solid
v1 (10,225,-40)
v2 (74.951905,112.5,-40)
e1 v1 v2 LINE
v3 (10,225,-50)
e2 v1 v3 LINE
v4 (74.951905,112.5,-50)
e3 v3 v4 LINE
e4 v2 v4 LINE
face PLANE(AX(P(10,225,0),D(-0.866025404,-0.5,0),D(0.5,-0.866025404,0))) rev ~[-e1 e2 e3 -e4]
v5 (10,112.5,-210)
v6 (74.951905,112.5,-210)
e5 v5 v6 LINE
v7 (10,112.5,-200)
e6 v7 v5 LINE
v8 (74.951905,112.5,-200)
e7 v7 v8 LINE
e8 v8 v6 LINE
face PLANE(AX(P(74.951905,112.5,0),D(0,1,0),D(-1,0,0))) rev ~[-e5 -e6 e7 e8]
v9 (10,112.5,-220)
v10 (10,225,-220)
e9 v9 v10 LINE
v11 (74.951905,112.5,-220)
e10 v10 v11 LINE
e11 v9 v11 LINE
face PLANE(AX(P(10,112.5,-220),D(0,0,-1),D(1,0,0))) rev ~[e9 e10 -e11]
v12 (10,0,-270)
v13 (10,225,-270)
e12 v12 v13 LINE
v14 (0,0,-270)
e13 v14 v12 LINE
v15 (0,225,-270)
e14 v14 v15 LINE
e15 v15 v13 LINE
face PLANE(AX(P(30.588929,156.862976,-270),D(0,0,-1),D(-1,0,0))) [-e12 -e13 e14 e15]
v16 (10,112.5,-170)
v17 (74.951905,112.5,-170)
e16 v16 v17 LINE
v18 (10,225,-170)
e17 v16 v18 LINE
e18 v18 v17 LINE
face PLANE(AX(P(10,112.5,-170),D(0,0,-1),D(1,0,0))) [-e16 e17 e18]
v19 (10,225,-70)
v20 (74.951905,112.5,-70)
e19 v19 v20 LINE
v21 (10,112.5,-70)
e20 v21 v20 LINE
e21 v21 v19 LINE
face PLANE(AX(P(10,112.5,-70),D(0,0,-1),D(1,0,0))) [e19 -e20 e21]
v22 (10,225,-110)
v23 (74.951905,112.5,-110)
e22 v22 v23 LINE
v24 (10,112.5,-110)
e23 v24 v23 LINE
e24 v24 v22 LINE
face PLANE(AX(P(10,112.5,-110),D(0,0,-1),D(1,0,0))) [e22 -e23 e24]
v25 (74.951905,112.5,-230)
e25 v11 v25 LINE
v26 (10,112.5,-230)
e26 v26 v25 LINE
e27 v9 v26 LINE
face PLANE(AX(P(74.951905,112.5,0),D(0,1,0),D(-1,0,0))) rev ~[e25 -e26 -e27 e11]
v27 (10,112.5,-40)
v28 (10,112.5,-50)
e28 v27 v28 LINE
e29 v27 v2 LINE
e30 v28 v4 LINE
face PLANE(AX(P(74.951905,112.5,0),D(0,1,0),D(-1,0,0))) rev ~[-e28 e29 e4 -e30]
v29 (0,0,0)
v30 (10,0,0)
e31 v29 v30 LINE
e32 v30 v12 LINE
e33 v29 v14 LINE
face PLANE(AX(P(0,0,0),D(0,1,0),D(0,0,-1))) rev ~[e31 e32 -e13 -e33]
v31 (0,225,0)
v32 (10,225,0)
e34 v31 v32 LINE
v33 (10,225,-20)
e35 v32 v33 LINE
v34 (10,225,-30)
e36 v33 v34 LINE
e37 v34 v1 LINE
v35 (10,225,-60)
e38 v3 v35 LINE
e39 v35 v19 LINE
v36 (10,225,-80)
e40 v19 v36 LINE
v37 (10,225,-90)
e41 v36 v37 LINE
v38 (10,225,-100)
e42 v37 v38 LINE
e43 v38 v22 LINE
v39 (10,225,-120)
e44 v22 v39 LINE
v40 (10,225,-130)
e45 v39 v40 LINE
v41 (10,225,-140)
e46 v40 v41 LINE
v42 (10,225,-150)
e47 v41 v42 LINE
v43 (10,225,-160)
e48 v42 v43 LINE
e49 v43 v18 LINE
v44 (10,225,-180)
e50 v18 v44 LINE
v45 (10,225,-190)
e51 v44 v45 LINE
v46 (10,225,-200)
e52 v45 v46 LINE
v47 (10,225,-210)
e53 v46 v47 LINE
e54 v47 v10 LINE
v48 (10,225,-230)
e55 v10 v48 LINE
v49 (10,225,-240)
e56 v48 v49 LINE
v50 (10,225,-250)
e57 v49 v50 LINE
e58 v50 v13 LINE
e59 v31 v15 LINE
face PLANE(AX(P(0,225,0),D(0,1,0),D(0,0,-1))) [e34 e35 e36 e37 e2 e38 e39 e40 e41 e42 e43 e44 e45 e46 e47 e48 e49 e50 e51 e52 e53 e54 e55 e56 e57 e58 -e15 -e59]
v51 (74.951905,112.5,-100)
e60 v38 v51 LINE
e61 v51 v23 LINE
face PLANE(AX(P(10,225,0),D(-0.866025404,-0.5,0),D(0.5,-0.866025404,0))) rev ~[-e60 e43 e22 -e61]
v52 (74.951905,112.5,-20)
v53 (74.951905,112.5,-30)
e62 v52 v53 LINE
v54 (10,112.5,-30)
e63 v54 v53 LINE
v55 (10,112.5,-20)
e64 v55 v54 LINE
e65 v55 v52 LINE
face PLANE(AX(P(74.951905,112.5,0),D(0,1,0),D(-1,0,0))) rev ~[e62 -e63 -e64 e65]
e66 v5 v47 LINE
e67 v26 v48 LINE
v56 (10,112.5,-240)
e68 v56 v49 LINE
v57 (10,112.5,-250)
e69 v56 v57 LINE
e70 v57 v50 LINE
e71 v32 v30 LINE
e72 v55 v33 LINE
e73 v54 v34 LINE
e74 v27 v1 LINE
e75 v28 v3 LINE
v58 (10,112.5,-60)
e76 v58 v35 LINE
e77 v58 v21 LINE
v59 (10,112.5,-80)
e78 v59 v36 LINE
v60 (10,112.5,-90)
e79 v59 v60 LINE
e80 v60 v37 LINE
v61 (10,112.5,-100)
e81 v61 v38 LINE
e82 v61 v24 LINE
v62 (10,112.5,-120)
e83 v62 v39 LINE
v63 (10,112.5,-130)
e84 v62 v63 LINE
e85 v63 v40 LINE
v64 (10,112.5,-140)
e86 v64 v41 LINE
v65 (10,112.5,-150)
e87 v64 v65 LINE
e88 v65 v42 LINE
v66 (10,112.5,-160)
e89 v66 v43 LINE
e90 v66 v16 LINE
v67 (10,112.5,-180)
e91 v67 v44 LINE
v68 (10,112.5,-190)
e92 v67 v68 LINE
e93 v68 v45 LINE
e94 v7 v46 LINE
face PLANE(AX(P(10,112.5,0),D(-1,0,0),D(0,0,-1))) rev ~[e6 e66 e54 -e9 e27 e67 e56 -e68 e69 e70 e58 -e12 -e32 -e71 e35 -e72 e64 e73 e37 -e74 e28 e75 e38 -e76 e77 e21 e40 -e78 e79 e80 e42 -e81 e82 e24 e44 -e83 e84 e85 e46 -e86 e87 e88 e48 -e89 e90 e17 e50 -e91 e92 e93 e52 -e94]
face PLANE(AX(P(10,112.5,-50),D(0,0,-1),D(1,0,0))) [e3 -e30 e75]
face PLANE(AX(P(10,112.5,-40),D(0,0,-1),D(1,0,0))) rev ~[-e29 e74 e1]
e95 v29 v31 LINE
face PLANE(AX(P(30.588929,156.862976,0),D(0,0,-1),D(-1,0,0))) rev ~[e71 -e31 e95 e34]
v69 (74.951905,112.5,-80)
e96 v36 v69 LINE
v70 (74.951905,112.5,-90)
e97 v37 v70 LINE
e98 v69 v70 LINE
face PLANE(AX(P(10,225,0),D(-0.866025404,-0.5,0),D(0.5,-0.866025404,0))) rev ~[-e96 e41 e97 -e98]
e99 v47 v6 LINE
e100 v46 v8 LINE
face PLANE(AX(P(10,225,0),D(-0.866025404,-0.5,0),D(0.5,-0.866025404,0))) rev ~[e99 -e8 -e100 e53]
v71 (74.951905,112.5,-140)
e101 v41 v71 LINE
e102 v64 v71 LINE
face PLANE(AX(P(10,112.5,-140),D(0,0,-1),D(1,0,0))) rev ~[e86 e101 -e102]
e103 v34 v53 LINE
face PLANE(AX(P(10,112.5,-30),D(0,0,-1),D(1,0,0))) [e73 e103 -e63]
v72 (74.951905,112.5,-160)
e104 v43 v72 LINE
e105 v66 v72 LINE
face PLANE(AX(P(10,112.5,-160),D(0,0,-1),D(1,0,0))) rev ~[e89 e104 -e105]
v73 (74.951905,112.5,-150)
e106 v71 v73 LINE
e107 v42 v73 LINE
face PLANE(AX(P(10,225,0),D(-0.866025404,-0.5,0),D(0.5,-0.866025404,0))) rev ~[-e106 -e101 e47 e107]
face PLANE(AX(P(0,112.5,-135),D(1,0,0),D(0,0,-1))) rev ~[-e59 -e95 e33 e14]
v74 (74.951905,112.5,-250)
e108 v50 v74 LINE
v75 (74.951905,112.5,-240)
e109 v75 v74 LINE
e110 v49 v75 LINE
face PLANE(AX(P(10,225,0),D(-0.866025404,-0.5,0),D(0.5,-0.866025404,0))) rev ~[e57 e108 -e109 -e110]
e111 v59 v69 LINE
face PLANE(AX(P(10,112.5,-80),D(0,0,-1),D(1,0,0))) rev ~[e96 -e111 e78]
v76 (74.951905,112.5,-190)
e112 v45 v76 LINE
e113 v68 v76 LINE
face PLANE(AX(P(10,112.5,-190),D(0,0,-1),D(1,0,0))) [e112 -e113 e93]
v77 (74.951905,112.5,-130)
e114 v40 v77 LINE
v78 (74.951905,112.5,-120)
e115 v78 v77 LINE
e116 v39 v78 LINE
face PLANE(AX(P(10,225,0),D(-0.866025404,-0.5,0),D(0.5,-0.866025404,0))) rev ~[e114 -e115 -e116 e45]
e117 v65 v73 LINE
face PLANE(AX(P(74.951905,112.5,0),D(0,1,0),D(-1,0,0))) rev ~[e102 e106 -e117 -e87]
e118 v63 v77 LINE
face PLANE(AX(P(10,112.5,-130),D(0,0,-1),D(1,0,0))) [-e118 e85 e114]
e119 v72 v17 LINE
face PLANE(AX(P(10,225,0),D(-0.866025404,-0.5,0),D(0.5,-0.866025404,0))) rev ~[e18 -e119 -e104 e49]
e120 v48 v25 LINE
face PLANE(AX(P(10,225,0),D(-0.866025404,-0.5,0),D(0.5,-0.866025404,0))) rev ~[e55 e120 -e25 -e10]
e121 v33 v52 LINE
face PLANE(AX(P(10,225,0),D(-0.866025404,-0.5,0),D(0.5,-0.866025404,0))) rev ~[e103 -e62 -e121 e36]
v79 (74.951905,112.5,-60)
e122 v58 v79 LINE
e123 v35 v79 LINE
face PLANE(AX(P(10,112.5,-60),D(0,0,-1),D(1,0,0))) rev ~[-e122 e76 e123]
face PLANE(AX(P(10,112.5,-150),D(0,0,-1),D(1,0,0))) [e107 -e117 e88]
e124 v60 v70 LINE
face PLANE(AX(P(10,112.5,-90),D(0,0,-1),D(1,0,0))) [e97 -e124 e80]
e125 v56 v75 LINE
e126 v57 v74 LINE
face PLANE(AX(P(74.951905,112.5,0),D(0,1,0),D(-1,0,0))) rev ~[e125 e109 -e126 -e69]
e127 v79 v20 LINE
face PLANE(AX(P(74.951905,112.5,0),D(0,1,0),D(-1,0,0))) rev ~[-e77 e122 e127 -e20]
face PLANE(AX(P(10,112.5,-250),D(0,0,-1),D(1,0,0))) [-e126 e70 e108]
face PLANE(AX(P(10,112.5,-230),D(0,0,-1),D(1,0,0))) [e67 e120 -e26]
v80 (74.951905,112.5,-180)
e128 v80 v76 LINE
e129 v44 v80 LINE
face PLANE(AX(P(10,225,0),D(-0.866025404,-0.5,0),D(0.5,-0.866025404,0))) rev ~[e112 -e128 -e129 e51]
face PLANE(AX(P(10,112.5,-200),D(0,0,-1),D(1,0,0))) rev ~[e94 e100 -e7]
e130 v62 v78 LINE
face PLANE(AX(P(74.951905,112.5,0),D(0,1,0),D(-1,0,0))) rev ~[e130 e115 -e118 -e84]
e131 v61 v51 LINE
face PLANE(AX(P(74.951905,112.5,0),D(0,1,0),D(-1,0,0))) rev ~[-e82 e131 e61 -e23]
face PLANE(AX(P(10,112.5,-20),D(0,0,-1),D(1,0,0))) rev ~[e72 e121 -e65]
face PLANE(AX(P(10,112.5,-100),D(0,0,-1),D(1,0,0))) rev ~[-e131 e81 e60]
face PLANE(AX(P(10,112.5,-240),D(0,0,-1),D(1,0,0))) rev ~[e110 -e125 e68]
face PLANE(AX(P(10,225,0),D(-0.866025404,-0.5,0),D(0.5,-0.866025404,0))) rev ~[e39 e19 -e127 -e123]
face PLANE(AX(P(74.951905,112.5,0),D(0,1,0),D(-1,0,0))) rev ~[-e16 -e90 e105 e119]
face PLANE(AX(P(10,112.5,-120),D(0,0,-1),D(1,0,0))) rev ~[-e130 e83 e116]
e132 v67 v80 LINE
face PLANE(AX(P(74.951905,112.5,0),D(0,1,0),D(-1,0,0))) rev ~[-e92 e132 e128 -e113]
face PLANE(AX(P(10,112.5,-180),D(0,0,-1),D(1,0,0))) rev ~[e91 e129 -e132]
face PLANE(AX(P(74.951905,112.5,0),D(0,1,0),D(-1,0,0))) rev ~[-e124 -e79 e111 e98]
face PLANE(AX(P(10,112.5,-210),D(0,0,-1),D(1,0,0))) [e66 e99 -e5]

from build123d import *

# Parameters (mm, degrees)
SKETCH2_W           = 270
SKETCH2_H           = 225
BOSS_EXTRUDE1_DEPTH = 10
BOSS_EXTRUDE4_DEPTH = 270
SKETCH5_W           = 64.951905284
SKETCH5_H           = 10
CUT_EXTRUDE1_DEPTH  = 302.95039014


with BuildPart() as part:
    # Sketch2 → Boss-Extrude1 (new body)
    with BuildSketch(Plane(origin=(0, 0, 0), x_dir=(0, 0, -1), z_dir=(1, 0, 0))):
        with Locations((135, 112.5)):
            Rectangle(SKETCH2_W, SKETCH2_H)
    extrude(amount=BOSS_EXTRUDE1_DEPTH)

    # Sketch4 → Boss-Extrude4 (add)
    with BuildSketch(Plane.XY):
        Polygon((10, 225), (74.951905284, 112.5), (10, 112.5), align=None)
    extrude(amount=-BOSS_EXTRUDE4_DEPTH)

    # Sketch5 → Cut-Extrude1 (cut, through all)
    with BuildSketch(Plane.XZ.offset(-112.5)):
        with Locations((42.475952642, -265)):
            Rectangle(SKETCH5_W, SKETCH5_H)
        with Locations((42.475952642, -255)):
            Rectangle(SKETCH5_W, SKETCH5_H)
        with Locations((42.475952642, -235)):
            Rectangle(SKETCH5_W, SKETCH5_H)
        with Locations((42.475952642, -215)):
            Rectangle(SKETCH5_W, SKETCH5_H)
        with Locations((42.475952642, -195)):
            Rectangle(SKETCH5_W, SKETCH5_H)
        with Locations((42.475952642, -175)):
            Rectangle(SKETCH5_W, SKETCH5_H)
        with Locations((42.475952642, -155)):
            Rectangle(SKETCH5_W, SKETCH5_H)
        with Locations((42.475952642, -135)):
            Rectangle(SKETCH5_W, SKETCH5_H)
        with Locations((42.475952642, -115)):
            Rectangle(SKETCH5_W, SKETCH5_H)
        with Locations((42.475952642, -95)):
            Rectangle(SKETCH5_W, SKETCH5_H)
        with Locations((42.475952642, -75)):
            Rectangle(SKETCH5_W, SKETCH5_H)
        with Locations((42.475952642, -55)):
            Rectangle(SKETCH5_W, SKETCH5_H)
        with Locations((42.475952642, -35)):
            Rectangle(SKETCH5_W, SKETCH5_H)
        with Locations((42.475952642, -15)):
            Rectangle(SKETCH5_W, SKETCH5_H)
        with Locations((42.475952642, -5)):
            Rectangle(SKETCH5_W, SKETCH5_H)
    extrude(amount=-CUT_EXTRUDE1_DEPTH, mode=Mode.SUBTRACT)


solid = part.part
